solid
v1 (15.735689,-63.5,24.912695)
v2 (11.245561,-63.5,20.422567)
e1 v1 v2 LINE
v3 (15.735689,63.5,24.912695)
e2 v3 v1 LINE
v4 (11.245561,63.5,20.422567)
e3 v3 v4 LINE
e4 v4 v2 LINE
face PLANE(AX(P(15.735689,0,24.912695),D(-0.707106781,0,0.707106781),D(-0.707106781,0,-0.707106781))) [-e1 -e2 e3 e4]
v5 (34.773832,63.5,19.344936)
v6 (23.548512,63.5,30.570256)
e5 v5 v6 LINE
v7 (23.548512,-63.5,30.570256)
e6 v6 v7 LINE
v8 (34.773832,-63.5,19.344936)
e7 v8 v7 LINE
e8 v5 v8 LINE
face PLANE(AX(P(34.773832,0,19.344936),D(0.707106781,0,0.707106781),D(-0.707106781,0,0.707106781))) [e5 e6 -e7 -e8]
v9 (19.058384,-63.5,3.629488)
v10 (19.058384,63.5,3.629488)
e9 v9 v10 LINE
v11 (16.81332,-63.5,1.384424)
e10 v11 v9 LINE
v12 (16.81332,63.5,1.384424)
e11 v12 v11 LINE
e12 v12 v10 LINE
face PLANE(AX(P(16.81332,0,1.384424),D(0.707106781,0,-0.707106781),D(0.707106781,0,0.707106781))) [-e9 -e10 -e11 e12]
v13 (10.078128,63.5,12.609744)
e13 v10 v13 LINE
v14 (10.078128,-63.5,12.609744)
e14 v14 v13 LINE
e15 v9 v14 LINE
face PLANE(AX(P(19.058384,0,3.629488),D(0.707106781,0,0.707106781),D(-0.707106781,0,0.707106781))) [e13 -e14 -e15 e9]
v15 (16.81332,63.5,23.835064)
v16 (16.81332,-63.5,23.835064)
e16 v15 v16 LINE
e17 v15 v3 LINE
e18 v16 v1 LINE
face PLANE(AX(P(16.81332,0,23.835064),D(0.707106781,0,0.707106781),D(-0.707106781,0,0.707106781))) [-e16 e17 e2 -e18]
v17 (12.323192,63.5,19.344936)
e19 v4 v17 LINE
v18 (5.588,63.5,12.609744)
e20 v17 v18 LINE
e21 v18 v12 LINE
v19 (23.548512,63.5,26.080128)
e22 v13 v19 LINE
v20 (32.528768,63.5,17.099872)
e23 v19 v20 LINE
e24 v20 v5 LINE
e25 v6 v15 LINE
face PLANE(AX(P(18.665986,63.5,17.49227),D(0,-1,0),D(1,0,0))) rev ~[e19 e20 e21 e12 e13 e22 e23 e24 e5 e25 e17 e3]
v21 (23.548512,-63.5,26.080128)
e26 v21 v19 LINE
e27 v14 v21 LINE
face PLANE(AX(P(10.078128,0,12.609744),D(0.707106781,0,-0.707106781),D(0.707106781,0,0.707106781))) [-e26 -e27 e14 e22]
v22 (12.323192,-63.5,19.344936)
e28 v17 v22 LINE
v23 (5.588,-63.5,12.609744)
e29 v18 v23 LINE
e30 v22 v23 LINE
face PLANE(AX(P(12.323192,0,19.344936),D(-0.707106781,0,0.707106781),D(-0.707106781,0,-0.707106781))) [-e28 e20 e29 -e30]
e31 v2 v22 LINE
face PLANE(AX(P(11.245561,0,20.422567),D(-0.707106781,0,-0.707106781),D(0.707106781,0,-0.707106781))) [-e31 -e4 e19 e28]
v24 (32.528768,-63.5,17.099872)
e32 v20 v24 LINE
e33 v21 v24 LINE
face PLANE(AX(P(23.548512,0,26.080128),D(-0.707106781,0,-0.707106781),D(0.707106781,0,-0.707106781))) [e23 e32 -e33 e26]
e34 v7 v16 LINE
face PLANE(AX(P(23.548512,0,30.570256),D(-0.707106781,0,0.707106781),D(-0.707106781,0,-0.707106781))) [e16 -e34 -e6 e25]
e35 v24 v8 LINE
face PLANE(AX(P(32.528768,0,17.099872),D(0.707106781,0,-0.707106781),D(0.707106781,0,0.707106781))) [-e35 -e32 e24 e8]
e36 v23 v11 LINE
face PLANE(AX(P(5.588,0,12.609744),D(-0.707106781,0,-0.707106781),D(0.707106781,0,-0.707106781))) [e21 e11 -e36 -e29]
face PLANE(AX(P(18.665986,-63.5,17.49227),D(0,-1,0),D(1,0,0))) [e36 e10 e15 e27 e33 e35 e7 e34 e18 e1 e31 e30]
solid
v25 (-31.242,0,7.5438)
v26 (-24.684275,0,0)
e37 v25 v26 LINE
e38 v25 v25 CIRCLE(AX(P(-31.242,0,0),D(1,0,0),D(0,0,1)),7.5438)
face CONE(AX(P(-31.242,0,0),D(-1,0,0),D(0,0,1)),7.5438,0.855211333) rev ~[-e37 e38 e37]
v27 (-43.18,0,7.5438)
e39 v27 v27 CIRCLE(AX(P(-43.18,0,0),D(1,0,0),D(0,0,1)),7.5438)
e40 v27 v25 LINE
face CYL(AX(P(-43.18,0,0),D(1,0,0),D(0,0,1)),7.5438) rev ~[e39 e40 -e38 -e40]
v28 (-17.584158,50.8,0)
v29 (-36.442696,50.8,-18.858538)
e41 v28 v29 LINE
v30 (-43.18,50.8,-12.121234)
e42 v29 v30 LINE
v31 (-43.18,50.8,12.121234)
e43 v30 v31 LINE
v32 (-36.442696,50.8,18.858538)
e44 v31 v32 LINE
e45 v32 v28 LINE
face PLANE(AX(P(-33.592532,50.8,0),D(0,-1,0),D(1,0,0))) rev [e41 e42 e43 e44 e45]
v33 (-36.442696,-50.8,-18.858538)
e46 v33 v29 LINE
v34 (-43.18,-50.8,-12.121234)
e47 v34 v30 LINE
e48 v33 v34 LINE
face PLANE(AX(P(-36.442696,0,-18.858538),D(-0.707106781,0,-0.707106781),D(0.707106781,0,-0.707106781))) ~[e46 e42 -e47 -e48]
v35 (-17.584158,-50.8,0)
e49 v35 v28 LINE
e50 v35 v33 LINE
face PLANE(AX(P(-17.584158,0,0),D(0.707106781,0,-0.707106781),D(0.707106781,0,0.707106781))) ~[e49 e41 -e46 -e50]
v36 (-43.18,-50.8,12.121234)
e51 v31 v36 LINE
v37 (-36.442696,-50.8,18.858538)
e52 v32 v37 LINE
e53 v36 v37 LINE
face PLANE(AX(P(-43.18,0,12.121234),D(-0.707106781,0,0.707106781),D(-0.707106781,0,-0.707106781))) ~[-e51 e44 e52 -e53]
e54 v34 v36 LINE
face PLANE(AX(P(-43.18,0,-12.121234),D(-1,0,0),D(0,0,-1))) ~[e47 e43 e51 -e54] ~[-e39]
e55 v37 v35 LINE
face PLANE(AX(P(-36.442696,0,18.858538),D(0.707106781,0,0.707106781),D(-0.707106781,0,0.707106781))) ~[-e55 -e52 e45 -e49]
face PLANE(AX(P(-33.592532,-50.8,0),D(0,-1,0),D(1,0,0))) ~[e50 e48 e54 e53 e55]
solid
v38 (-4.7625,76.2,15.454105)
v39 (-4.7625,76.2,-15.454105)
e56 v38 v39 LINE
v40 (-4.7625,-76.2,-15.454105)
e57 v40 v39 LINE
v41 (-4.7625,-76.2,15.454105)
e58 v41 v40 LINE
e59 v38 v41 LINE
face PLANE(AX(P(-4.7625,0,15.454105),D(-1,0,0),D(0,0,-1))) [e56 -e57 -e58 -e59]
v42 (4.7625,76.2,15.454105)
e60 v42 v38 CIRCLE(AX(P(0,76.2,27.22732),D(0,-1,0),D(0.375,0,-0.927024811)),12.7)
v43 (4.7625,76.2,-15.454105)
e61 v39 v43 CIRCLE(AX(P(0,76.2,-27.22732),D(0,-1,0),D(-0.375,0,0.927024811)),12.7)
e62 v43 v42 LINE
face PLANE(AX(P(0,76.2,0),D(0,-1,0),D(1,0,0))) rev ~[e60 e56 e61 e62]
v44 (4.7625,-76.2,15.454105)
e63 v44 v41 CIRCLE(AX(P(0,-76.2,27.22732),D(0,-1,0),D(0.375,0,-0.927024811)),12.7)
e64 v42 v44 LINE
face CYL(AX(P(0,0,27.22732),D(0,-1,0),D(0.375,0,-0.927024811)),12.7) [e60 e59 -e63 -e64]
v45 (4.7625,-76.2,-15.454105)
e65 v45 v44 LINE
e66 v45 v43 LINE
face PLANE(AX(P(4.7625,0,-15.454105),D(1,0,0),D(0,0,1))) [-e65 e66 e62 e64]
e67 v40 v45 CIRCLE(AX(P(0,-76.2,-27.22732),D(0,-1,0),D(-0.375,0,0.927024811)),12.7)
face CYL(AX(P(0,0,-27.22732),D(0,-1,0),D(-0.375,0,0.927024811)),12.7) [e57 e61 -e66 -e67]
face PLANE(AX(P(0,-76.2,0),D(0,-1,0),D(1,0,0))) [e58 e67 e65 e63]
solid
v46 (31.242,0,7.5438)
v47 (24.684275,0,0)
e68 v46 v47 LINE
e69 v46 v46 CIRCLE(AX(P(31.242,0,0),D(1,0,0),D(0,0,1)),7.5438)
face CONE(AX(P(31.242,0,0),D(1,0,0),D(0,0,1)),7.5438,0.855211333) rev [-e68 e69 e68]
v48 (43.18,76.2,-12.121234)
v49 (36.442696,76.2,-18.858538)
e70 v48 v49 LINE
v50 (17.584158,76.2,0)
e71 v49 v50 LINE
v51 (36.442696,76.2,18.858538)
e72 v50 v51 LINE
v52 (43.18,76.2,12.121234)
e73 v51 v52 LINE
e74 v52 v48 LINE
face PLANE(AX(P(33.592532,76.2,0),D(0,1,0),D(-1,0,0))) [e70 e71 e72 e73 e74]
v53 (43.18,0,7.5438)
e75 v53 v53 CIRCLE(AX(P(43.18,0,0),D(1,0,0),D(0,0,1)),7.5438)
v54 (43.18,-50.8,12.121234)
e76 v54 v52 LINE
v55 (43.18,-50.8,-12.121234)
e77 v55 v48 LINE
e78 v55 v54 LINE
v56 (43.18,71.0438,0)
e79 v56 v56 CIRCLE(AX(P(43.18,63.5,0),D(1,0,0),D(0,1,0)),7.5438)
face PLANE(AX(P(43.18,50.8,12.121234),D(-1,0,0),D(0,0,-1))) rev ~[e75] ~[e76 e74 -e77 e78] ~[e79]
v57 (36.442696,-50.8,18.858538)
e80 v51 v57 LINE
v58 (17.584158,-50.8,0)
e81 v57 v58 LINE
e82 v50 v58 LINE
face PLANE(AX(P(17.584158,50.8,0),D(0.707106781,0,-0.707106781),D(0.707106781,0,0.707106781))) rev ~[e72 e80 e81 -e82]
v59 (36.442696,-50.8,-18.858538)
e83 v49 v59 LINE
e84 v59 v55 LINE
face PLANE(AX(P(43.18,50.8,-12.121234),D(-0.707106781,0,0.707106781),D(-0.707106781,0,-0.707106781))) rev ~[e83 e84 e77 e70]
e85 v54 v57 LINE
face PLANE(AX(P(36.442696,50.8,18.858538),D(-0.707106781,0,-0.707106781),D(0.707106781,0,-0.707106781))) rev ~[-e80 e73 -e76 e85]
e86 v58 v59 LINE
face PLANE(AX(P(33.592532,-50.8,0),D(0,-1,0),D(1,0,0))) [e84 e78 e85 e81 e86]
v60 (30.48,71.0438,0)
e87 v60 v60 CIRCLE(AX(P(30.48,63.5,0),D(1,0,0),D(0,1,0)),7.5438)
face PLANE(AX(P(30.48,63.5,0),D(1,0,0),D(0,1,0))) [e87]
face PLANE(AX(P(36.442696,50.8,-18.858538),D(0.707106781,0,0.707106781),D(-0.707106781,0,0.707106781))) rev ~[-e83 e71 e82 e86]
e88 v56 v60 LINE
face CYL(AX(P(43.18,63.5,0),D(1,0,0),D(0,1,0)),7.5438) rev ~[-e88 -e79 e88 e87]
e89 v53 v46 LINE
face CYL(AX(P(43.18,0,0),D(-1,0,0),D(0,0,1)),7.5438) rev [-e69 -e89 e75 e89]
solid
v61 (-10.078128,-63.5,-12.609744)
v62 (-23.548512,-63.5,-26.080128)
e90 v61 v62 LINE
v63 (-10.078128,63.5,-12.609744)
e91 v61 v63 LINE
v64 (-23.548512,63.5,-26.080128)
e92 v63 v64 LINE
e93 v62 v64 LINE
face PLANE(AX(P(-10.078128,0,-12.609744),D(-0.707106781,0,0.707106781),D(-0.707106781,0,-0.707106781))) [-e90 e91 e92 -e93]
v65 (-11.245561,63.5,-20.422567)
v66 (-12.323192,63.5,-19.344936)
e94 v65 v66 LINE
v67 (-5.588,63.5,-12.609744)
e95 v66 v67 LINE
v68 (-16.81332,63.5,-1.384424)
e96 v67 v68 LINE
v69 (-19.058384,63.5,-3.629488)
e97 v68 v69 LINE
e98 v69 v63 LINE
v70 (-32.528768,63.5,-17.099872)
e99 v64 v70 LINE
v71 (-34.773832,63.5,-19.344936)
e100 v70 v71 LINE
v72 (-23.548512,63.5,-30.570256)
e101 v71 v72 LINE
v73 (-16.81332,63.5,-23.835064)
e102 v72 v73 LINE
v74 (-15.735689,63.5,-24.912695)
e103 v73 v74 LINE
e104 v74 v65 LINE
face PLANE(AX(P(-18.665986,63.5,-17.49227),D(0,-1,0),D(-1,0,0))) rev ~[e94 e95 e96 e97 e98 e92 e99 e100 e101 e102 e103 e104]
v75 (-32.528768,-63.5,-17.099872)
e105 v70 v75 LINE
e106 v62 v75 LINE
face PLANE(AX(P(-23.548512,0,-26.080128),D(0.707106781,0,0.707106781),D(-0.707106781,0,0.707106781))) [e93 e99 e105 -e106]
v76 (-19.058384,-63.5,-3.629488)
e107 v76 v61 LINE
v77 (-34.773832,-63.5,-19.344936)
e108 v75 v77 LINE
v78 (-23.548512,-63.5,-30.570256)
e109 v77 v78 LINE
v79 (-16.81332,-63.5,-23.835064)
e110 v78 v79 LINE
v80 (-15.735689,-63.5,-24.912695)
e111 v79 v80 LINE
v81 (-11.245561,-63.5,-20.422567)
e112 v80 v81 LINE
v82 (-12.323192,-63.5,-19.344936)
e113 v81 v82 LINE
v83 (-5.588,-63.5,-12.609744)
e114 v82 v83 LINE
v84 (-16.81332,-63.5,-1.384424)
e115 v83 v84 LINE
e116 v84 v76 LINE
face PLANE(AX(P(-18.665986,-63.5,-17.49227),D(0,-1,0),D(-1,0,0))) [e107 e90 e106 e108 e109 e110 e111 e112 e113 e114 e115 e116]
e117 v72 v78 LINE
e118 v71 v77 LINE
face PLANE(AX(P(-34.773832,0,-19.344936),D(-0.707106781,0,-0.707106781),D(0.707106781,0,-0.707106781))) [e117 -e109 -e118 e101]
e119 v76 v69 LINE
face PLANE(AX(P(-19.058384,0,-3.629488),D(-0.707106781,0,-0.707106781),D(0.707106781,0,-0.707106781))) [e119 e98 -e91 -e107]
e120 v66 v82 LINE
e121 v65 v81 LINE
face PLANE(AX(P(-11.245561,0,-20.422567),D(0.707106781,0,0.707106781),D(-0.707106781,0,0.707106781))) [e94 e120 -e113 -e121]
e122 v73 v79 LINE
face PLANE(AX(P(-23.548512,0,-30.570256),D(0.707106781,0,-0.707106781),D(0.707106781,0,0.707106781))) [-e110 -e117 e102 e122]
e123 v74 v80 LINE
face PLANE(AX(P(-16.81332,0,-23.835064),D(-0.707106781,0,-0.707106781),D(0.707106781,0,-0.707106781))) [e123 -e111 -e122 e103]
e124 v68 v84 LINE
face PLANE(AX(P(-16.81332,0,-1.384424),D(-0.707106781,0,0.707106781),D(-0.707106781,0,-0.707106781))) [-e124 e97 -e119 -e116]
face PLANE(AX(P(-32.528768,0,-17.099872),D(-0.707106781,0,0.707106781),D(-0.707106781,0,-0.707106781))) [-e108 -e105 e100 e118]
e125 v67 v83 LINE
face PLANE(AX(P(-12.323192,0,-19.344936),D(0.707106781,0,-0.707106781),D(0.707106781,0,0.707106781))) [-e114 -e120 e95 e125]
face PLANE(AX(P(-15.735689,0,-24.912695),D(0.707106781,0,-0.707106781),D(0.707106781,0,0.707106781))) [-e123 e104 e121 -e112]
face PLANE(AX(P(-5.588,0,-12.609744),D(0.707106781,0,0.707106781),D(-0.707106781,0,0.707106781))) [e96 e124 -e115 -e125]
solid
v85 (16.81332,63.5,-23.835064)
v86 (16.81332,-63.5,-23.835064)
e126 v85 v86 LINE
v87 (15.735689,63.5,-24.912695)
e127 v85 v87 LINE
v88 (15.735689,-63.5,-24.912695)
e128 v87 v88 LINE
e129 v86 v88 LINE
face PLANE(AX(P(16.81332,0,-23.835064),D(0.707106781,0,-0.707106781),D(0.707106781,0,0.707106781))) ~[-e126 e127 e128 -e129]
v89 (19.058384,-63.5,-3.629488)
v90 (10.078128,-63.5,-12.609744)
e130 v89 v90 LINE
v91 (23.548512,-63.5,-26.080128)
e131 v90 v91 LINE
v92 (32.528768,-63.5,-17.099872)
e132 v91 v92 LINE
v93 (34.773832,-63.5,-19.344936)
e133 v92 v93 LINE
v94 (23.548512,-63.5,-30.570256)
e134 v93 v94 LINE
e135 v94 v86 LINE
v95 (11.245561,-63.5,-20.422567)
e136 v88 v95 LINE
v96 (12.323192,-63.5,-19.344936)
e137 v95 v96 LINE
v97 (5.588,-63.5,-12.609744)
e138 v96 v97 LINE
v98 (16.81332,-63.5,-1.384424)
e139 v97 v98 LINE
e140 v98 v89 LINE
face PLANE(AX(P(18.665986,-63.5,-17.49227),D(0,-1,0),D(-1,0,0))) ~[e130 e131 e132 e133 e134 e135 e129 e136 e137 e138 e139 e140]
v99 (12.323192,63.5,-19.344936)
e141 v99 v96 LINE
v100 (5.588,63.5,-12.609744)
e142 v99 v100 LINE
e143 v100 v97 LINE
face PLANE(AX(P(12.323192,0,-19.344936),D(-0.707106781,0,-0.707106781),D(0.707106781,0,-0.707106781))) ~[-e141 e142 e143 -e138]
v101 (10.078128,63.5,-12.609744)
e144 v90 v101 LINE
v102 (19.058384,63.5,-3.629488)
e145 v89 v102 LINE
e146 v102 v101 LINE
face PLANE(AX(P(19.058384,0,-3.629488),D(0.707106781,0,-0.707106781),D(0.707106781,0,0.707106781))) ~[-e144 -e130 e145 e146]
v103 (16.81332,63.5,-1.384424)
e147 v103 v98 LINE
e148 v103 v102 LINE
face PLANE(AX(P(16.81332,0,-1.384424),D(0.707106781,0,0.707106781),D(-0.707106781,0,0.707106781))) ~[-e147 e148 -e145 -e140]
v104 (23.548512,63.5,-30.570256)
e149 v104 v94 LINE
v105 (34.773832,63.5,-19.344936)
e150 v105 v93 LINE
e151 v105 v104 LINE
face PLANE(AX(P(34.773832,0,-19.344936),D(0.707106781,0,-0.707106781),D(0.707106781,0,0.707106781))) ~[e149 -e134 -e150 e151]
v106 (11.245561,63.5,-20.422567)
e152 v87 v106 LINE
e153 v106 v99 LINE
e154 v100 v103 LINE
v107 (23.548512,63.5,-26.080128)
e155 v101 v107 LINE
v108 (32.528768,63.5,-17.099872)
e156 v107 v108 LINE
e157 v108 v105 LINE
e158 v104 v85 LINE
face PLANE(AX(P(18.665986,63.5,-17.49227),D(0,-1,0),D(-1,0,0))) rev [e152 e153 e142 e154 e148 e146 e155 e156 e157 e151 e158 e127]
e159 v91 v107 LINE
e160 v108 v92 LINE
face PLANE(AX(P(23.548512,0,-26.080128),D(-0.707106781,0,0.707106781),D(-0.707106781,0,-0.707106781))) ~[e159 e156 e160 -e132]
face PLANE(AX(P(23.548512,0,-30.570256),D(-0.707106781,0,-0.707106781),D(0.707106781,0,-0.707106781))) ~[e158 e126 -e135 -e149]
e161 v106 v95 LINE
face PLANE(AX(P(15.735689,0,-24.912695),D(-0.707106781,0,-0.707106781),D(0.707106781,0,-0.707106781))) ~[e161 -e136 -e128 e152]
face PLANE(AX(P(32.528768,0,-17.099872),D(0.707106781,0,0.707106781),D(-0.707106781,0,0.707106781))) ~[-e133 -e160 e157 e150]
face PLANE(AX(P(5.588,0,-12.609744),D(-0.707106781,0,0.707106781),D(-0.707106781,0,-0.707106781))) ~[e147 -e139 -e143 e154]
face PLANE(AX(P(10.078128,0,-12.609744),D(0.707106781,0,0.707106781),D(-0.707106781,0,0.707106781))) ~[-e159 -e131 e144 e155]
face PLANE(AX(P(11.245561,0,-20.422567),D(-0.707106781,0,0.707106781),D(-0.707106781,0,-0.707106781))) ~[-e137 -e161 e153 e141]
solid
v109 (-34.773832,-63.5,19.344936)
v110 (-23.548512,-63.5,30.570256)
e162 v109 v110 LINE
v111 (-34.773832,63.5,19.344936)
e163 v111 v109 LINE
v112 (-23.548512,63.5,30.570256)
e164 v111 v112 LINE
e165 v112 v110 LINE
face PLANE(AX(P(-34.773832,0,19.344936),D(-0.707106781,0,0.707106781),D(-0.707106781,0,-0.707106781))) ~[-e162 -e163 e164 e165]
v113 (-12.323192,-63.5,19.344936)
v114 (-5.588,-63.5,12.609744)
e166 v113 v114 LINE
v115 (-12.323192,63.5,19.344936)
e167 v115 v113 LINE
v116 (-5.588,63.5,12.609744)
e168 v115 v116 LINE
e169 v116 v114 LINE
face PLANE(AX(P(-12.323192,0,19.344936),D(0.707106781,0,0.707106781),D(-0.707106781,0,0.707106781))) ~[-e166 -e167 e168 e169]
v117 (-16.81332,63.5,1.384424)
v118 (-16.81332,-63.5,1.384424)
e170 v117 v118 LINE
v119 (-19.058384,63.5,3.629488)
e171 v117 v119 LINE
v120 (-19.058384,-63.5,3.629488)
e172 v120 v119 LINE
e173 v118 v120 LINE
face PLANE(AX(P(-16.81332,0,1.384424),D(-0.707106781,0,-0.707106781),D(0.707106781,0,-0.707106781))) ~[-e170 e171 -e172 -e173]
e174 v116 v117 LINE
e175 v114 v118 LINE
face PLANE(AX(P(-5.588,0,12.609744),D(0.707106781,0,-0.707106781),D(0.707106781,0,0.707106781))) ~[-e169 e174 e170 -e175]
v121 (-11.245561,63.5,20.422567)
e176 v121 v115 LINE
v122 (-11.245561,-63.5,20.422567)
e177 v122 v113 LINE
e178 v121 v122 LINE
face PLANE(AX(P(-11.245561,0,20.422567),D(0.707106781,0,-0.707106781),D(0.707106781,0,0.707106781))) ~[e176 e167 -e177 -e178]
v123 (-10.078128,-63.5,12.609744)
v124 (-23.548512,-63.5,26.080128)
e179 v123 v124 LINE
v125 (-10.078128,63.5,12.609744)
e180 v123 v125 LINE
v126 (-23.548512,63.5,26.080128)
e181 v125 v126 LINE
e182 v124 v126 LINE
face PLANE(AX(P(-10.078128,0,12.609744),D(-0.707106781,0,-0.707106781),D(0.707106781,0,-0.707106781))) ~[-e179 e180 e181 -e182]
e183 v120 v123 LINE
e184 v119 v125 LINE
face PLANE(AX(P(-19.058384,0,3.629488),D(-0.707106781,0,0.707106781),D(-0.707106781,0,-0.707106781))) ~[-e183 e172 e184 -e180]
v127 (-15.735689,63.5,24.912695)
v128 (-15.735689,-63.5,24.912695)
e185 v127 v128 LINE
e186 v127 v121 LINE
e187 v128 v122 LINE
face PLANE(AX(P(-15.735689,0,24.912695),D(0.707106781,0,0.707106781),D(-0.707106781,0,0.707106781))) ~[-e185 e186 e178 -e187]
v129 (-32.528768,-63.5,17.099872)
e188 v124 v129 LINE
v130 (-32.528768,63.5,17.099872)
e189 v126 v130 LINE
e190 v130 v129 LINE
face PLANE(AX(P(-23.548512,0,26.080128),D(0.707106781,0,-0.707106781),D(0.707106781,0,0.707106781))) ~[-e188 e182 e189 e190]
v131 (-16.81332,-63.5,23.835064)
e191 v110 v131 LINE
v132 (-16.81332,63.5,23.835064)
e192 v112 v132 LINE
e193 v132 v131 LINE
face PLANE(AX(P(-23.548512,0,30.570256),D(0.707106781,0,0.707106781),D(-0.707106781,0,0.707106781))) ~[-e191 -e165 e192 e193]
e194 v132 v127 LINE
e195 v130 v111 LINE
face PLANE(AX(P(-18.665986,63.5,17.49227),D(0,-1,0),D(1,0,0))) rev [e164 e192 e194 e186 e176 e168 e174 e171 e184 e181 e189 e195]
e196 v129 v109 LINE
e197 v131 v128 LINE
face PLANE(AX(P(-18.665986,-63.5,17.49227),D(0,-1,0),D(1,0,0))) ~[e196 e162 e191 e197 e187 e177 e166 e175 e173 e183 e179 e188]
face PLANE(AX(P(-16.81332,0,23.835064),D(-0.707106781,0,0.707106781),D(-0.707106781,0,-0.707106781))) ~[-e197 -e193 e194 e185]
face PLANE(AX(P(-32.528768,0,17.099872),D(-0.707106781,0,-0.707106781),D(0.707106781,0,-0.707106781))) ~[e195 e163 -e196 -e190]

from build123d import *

# Parameters (mm, degrees)
F1_DEPTH  = 63.5
F5_DEPTH  = 76.2
F8_DEPTH  = 50.8
F13_DEPTH = 25.4
F14_R     = 7.5438
F15_DEPTH = 12.7


with BuildPart() as f1:
    # F0 (on Front) → F1 (new body, symmetric)
    with BuildSketch(Plane.XZ):
        Polygon((23.5485122421, 26.0801280605), (32.5287683632, 17.0998719395), (34.7738323935, 19.3449359697), (23.5485122421, 30.5702561211), (16.8133201513, 23.8350640303), (15.7356894168, 24.9126947648), (11.2455613563, 20.4225667043), (12.3231920908, 19.3449359697), (5.588, 12.6097438789), (16.8133201513, 1.3844237276), (19.0583841816, 3.6294877579), (10.0781280605, 12.6097438789), align=None)
    extrude(amount=F1_DEPTH, both=True)


with BuildPart() as f2_1:
    # F2: instance of F1
    add(f1.part.mirror(Plane.YZ))


with BuildPart() as f3_1:
    # F3: instance of F1
    add(f1.part.mirror(Plane.XY))


with BuildPart() as f3_2:
    # F3: instance of F2_1
    add(f2_1.part.mirror(Plane.XY))


with BuildPart() as f5:
    # F4 (on Front) → F5 (new body, symmetric)
    with BuildSketch(Plane.XZ):
        with BuildLine():
            Line((4.7625, -15.4541050531), (4.7625, 15.4541050531))
            ThreePointArc((4.7625, 15.4541050531), (0, 39.9273201513), (-4.7625, 15.4541050531))
            Line((-4.7625, 15.4541050531), (-4.7625, -15.4541050531))
            ThreePointArc((-4.7625, -15.4541050531), (0, -39.9273201513), (4.7625, -15.4541050531))
        make_face()
    extrude(amount=F5_DEPTH, both=True)


with BuildPart() as f8:
    # F7 (on Front) → F8 (new body, symmetric)
    with BuildSketch(Plane.XZ):
        Polygon((43.18, -12.1212336013), (43.18, 12.1212336013), (36.442695747, 18.8585378542), (17.5841578928, 0), (36.442695747, -18.8585378542), align=None)
    extrude(amount=F8_DEPTH, both=True)

    # F9 (on Front) → F10 (revolve, cut)
    with BuildSketch(Plane.XZ):
        Polygon((24.6842747073, 0), (43.18, 0), (43.18, 7.5438), (31.242, 7.5438), align=None)
    revolve(axis=Axis((33.9321373536, 0, 0), (1, 0, 0)), mode=Mode.SUBTRACT)


with BuildPart() as f11_1:
    # F11: instance of F8
    add(f8.part.mirror(Plane.YZ))


with BuildPart() as f8_1:
    add(f8.part)

    # F12 (on face) → F13 (join)
    with BuildSketch(Plane(origin=(0, 50.8, 0), x_dir=(-1, 0, 0), z_dir=(0, 1, 0))):
        Polygon((-36.442695747, 18.8585378542), (-43.18, 12.1212336013), (-43.18, -12.1212336013), (-36.442695747, -18.8585378542), (-17.5841578928, 0), align=None)
    extrude(amount=F13_DEPTH)

    # F14 (on face) → F15 (cut)
    with BuildSketch(Plane.YZ.offset(43.18)):
        with Locations((63.5, 0)):
            Circle(F14_R)
    extrude(amount=-F15_DEPTH, mode=Mode.SUBTRACT)


solid = Compound([f1.part, f2_1.part, f3_1.part, f3_2.part, f5.part, f11_1.part, f8_1.part])
